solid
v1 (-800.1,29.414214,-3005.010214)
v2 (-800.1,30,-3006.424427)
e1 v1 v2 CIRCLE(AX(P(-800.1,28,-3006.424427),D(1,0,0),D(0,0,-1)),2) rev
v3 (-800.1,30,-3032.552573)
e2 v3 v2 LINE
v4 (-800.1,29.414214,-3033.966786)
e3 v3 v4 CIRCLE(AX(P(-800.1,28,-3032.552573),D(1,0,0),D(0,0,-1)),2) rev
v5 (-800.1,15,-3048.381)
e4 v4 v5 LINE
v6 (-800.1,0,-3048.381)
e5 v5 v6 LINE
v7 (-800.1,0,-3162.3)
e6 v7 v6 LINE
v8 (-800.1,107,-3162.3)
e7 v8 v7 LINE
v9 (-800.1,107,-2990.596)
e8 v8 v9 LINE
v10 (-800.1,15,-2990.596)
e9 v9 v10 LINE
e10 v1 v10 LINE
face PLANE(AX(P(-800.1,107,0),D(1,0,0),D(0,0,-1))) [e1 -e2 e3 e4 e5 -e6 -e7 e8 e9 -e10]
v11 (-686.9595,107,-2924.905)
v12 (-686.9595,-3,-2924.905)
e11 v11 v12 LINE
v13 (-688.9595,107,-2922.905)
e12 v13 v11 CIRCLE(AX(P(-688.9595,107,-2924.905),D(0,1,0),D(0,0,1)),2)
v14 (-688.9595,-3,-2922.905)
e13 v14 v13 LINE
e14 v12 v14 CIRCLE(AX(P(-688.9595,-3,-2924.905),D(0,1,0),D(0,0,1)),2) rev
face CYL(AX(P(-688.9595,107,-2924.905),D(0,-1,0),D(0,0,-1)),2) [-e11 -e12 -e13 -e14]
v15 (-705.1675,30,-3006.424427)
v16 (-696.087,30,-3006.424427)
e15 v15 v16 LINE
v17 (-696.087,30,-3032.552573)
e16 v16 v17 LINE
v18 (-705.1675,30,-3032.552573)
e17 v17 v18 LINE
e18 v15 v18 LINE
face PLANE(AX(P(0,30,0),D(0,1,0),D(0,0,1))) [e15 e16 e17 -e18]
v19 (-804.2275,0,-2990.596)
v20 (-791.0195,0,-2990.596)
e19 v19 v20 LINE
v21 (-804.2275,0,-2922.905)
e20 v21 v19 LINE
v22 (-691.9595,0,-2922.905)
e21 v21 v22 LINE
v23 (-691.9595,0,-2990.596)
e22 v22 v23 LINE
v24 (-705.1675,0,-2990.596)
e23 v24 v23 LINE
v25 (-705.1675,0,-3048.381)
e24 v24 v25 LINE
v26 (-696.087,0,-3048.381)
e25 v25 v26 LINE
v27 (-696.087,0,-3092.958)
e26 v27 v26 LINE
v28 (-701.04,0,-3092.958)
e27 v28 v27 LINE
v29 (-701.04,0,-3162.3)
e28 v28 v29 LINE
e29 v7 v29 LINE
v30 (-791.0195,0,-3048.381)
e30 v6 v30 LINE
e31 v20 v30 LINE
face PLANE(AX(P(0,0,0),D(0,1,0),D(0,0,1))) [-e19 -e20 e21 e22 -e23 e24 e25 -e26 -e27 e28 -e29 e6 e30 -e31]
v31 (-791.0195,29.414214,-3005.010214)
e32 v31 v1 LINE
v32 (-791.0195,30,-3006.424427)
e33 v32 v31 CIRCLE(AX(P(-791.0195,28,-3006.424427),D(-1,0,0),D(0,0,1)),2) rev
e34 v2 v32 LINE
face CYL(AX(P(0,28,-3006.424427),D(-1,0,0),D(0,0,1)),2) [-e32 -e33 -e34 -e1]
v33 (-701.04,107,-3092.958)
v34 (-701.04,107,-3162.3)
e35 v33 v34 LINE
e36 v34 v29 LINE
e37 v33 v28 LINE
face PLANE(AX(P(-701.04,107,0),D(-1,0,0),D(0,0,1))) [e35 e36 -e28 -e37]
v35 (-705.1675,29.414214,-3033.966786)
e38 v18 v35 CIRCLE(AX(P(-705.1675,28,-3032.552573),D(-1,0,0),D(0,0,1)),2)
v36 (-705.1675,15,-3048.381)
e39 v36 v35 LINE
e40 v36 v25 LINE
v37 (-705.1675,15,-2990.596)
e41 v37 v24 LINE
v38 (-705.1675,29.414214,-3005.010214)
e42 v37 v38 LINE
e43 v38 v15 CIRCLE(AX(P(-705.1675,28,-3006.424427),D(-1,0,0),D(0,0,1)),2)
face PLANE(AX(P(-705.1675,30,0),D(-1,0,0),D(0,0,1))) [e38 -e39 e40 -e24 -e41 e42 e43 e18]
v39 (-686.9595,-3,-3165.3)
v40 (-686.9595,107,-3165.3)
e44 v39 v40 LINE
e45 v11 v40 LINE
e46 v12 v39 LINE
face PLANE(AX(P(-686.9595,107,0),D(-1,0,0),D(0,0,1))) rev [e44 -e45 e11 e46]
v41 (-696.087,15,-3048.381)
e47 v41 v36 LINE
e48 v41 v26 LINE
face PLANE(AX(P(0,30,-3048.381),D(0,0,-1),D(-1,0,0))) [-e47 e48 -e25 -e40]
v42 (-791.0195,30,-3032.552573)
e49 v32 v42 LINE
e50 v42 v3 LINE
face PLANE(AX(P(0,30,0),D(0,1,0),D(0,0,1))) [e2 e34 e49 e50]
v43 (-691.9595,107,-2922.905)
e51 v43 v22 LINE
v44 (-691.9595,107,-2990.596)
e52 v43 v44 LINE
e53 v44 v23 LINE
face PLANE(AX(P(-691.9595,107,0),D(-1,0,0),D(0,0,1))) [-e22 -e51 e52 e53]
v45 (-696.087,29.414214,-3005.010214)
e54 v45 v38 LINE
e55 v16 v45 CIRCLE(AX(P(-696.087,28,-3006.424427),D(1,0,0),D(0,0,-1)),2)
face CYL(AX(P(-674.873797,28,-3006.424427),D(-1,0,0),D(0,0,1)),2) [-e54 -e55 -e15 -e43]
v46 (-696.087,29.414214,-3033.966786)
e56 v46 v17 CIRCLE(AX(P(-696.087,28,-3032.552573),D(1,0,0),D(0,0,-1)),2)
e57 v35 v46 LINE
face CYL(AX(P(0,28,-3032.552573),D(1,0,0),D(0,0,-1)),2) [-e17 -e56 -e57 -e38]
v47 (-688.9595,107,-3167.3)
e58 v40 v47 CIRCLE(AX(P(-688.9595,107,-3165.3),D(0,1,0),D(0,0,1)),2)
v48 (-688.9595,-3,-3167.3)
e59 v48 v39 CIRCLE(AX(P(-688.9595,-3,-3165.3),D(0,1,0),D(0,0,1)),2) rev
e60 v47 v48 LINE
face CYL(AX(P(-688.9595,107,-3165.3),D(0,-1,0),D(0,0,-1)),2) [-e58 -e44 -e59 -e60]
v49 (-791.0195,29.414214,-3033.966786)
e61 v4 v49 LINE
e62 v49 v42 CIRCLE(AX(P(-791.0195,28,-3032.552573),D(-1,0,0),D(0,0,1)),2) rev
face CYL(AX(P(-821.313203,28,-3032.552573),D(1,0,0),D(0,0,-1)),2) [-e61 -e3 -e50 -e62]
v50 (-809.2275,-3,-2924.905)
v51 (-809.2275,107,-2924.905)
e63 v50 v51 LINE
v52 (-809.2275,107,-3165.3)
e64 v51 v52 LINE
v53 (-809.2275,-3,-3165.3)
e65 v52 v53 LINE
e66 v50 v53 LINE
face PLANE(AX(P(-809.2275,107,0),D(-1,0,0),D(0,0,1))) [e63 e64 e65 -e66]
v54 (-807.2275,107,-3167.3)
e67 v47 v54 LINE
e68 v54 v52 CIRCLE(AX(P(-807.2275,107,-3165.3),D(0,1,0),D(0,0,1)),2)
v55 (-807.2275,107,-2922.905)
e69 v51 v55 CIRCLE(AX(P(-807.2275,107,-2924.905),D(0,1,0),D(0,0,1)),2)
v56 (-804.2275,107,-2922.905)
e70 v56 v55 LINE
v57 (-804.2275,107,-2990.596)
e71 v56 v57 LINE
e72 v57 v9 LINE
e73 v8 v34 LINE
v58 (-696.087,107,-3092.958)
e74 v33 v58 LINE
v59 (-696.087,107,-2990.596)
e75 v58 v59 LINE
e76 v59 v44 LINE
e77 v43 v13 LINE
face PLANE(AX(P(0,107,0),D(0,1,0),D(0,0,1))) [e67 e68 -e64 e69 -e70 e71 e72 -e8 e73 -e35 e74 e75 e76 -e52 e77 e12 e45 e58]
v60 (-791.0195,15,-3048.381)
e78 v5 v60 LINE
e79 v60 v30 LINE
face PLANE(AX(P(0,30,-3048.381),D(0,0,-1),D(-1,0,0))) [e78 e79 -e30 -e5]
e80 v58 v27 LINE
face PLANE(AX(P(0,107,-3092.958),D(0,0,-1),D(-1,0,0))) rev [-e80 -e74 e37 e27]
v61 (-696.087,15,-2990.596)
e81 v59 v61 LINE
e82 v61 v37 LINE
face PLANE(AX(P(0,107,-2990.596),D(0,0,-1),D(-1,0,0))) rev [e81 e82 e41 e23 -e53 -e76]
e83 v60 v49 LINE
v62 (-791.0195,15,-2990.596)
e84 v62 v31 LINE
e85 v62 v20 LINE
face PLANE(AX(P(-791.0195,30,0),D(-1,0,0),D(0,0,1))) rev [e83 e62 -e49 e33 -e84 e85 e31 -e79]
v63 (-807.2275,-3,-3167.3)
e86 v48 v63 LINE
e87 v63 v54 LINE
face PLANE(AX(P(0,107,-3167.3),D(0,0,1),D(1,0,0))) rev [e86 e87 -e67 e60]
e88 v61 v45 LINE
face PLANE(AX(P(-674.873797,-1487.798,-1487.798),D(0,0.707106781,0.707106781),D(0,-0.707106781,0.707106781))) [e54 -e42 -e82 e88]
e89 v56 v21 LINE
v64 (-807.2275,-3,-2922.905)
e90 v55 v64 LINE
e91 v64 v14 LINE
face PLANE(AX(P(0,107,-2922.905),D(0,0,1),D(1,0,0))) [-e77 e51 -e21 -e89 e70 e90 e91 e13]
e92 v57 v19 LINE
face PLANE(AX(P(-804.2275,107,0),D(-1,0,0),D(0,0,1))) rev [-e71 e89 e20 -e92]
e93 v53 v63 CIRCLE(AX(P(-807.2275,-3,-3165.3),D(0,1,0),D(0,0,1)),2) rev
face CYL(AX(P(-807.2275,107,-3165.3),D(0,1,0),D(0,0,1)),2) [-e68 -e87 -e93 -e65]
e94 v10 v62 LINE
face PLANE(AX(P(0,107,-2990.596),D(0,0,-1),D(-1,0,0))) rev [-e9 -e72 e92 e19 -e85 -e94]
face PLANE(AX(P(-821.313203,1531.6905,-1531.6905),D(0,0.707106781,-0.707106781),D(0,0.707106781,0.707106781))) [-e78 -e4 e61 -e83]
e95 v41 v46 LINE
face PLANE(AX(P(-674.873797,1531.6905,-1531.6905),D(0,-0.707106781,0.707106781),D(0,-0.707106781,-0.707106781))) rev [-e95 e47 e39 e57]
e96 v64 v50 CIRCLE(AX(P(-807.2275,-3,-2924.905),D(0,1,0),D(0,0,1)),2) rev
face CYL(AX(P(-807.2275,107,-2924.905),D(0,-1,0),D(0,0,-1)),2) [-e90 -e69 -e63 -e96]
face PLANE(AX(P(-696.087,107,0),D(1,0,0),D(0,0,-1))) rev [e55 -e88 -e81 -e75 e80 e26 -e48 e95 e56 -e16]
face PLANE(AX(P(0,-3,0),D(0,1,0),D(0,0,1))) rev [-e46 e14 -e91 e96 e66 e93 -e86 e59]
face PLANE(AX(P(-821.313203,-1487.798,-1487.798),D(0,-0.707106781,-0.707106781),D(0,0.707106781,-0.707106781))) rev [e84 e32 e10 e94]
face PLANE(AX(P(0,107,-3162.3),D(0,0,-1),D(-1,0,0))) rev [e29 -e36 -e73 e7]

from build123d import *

# Parameters (mm, degrees)
BOSS_EXTRUDE1_DEPTH = 107
SKETCH7_W           = 122.268
SKETCH7_H           = 249.395
BOSS_EXTRUDE2_DEPTH = 3
SKETCH8_W           = 9.0805
SKETCH8_H           = 57.785
BOSS_EXTRUDE3_DEPTH = 30
CUT_EXTRUDE1_DEPTH  = 9.0805
CUT_EXTRUDE2_DEPTH  = 9.0805
FILLET1_R           = 2
CUT_EXTRUDE3_DEPTH  = 3271.793089872


with BuildPart() as part:
    # Sketch6 → Boss-Extrude1 (new body)
    with BuildSketch(Plane(origin=(0, 0, 0), x_dir=(1, 0, 0), z_dir=(0, 1, 0))):
        Polygon((-809.2275, 2922.905), (-804.2275, 2922.905), (-804.2275, 2990.596), (-800.1, 2990.596), (-800.1, 3162.3), (-701.04, 3162.3), (-701.04, 3092.958), (-696.087, 3092.958), (-696.087, 2990.596), (-691.9595, 2990.596), (-691.9595, 2922.905), (-686.9595, 2922.905), (-686.9595, 3167.3), (-809.2275, 3167.3), align=None)
    extrude(amount=BOSS_EXTRUDE1_DEPTH)

    # Sketch7 → Boss-Extrude2 (add)
    with BuildSketch(Plane.XZ):
        with Locations((-748.0935, -3042.6025)):
            Rectangle(SKETCH7_W, SKETCH7_H)
    extrude(amount=BOSS_EXTRUDE2_DEPTH)

    # Sketch8 → Boss-Extrude3 (add)
    with BuildSketch(Plane(origin=(0, 0, 0), x_dir=(1, 0, 0), z_dir=(0, 1, 0))):
        with Locations((-795.55975, 3019.4885)):
            Rectangle(SKETCH8_W, SKETCH8_H)
        with Locations((-700.62725, 3019.4885)):
            Rectangle(SKETCH8_W, SKETCH8_H)
    extrude(amount=BOSS_EXTRUDE3_DEPTH)

    # Sketch9 → Cut-Extrude1 (cut)
    with BuildSketch(Plane(origin=(-791.0195, 0, 0), x_dir=(0, 0, -1), z_dir=(1, 0, 0))):
        Polygon((2990.596, 30), (2990.596, 15), (3005.596, 30), align=None)
        Polygon((3048.381, 30), (3033.381, 30), (3048.381, 15), align=None)
    extrude(amount=-CUT_EXTRUDE1_DEPTH, mode=Mode.SUBTRACT)

    # Sketch10 → Cut-Extrude2 (cut)
    with BuildSketch(Plane.ZY.offset(705.1675)):
        Polygon((-3048.381, 30), (-3048.381, 15), (-3033.381, 30), align=None)
        Polygon((-2990.596, 30), (-3005.596, 30), (-2990.596, 15), align=None)
    extrude(amount=-CUT_EXTRUDE2_DEPTH, mode=Mode.SUBTRACT)

    # Fillet1
    fillet1_edges = [part.edges().sort_by_distance(p)[0] for p in [
        (-795.55975, 30, -3005.596),
        (-795.55975, 30, -3033.381),
        (-700.62725, 30, -3033.381),
        (-700.62725, 30, -3005.596),
        (-809.2275, 53.5, -2922.905),
        (-809.2275, 52, -3167.3),
        (-686.9595, 52, -3167.3),
        (-686.9595, 53.5, -2922.905),
    ]]
    fillet(fillet1_edges, radius=FILLET1_R)

    # Sketch11 → Cut-Extrude3 (cut, through all)
    with BuildSketch(Plane(origin=(0, 0, 0), x_dir=(-1, 0, 0), z_dir=(0, 1, 0))):
        with BuildLine():
            Line((804.2275, -2922.905), (691.9595, -2922.905))
            Line((691.9595, -2922.905), (688.9595, -2922.905))
            ThreePointArc((688.9595, -2922.905), (687.545286438, -2923.490786438), (686.9595, -2924.905))
            Line((686.9595, -2924.905), (686.9595, -2917.905))
            Line((686.9595, -2917.905), (809.2275, -2917.905))
            Line((809.2275, -2917.905), (809.2275, -2924.905))
            ThreePointArc((809.2275, -2924.905), (808.641713562, -2923.490786438), (807.2275, -2922.905))
            Line((807.2275, -2922.905), (804.2275, -2922.905))
        make_face()
    extrude(amount=-CUT_EXTRUDE3_DEPTH, mode=Mode.SUBTRACT)


solid = part.part
